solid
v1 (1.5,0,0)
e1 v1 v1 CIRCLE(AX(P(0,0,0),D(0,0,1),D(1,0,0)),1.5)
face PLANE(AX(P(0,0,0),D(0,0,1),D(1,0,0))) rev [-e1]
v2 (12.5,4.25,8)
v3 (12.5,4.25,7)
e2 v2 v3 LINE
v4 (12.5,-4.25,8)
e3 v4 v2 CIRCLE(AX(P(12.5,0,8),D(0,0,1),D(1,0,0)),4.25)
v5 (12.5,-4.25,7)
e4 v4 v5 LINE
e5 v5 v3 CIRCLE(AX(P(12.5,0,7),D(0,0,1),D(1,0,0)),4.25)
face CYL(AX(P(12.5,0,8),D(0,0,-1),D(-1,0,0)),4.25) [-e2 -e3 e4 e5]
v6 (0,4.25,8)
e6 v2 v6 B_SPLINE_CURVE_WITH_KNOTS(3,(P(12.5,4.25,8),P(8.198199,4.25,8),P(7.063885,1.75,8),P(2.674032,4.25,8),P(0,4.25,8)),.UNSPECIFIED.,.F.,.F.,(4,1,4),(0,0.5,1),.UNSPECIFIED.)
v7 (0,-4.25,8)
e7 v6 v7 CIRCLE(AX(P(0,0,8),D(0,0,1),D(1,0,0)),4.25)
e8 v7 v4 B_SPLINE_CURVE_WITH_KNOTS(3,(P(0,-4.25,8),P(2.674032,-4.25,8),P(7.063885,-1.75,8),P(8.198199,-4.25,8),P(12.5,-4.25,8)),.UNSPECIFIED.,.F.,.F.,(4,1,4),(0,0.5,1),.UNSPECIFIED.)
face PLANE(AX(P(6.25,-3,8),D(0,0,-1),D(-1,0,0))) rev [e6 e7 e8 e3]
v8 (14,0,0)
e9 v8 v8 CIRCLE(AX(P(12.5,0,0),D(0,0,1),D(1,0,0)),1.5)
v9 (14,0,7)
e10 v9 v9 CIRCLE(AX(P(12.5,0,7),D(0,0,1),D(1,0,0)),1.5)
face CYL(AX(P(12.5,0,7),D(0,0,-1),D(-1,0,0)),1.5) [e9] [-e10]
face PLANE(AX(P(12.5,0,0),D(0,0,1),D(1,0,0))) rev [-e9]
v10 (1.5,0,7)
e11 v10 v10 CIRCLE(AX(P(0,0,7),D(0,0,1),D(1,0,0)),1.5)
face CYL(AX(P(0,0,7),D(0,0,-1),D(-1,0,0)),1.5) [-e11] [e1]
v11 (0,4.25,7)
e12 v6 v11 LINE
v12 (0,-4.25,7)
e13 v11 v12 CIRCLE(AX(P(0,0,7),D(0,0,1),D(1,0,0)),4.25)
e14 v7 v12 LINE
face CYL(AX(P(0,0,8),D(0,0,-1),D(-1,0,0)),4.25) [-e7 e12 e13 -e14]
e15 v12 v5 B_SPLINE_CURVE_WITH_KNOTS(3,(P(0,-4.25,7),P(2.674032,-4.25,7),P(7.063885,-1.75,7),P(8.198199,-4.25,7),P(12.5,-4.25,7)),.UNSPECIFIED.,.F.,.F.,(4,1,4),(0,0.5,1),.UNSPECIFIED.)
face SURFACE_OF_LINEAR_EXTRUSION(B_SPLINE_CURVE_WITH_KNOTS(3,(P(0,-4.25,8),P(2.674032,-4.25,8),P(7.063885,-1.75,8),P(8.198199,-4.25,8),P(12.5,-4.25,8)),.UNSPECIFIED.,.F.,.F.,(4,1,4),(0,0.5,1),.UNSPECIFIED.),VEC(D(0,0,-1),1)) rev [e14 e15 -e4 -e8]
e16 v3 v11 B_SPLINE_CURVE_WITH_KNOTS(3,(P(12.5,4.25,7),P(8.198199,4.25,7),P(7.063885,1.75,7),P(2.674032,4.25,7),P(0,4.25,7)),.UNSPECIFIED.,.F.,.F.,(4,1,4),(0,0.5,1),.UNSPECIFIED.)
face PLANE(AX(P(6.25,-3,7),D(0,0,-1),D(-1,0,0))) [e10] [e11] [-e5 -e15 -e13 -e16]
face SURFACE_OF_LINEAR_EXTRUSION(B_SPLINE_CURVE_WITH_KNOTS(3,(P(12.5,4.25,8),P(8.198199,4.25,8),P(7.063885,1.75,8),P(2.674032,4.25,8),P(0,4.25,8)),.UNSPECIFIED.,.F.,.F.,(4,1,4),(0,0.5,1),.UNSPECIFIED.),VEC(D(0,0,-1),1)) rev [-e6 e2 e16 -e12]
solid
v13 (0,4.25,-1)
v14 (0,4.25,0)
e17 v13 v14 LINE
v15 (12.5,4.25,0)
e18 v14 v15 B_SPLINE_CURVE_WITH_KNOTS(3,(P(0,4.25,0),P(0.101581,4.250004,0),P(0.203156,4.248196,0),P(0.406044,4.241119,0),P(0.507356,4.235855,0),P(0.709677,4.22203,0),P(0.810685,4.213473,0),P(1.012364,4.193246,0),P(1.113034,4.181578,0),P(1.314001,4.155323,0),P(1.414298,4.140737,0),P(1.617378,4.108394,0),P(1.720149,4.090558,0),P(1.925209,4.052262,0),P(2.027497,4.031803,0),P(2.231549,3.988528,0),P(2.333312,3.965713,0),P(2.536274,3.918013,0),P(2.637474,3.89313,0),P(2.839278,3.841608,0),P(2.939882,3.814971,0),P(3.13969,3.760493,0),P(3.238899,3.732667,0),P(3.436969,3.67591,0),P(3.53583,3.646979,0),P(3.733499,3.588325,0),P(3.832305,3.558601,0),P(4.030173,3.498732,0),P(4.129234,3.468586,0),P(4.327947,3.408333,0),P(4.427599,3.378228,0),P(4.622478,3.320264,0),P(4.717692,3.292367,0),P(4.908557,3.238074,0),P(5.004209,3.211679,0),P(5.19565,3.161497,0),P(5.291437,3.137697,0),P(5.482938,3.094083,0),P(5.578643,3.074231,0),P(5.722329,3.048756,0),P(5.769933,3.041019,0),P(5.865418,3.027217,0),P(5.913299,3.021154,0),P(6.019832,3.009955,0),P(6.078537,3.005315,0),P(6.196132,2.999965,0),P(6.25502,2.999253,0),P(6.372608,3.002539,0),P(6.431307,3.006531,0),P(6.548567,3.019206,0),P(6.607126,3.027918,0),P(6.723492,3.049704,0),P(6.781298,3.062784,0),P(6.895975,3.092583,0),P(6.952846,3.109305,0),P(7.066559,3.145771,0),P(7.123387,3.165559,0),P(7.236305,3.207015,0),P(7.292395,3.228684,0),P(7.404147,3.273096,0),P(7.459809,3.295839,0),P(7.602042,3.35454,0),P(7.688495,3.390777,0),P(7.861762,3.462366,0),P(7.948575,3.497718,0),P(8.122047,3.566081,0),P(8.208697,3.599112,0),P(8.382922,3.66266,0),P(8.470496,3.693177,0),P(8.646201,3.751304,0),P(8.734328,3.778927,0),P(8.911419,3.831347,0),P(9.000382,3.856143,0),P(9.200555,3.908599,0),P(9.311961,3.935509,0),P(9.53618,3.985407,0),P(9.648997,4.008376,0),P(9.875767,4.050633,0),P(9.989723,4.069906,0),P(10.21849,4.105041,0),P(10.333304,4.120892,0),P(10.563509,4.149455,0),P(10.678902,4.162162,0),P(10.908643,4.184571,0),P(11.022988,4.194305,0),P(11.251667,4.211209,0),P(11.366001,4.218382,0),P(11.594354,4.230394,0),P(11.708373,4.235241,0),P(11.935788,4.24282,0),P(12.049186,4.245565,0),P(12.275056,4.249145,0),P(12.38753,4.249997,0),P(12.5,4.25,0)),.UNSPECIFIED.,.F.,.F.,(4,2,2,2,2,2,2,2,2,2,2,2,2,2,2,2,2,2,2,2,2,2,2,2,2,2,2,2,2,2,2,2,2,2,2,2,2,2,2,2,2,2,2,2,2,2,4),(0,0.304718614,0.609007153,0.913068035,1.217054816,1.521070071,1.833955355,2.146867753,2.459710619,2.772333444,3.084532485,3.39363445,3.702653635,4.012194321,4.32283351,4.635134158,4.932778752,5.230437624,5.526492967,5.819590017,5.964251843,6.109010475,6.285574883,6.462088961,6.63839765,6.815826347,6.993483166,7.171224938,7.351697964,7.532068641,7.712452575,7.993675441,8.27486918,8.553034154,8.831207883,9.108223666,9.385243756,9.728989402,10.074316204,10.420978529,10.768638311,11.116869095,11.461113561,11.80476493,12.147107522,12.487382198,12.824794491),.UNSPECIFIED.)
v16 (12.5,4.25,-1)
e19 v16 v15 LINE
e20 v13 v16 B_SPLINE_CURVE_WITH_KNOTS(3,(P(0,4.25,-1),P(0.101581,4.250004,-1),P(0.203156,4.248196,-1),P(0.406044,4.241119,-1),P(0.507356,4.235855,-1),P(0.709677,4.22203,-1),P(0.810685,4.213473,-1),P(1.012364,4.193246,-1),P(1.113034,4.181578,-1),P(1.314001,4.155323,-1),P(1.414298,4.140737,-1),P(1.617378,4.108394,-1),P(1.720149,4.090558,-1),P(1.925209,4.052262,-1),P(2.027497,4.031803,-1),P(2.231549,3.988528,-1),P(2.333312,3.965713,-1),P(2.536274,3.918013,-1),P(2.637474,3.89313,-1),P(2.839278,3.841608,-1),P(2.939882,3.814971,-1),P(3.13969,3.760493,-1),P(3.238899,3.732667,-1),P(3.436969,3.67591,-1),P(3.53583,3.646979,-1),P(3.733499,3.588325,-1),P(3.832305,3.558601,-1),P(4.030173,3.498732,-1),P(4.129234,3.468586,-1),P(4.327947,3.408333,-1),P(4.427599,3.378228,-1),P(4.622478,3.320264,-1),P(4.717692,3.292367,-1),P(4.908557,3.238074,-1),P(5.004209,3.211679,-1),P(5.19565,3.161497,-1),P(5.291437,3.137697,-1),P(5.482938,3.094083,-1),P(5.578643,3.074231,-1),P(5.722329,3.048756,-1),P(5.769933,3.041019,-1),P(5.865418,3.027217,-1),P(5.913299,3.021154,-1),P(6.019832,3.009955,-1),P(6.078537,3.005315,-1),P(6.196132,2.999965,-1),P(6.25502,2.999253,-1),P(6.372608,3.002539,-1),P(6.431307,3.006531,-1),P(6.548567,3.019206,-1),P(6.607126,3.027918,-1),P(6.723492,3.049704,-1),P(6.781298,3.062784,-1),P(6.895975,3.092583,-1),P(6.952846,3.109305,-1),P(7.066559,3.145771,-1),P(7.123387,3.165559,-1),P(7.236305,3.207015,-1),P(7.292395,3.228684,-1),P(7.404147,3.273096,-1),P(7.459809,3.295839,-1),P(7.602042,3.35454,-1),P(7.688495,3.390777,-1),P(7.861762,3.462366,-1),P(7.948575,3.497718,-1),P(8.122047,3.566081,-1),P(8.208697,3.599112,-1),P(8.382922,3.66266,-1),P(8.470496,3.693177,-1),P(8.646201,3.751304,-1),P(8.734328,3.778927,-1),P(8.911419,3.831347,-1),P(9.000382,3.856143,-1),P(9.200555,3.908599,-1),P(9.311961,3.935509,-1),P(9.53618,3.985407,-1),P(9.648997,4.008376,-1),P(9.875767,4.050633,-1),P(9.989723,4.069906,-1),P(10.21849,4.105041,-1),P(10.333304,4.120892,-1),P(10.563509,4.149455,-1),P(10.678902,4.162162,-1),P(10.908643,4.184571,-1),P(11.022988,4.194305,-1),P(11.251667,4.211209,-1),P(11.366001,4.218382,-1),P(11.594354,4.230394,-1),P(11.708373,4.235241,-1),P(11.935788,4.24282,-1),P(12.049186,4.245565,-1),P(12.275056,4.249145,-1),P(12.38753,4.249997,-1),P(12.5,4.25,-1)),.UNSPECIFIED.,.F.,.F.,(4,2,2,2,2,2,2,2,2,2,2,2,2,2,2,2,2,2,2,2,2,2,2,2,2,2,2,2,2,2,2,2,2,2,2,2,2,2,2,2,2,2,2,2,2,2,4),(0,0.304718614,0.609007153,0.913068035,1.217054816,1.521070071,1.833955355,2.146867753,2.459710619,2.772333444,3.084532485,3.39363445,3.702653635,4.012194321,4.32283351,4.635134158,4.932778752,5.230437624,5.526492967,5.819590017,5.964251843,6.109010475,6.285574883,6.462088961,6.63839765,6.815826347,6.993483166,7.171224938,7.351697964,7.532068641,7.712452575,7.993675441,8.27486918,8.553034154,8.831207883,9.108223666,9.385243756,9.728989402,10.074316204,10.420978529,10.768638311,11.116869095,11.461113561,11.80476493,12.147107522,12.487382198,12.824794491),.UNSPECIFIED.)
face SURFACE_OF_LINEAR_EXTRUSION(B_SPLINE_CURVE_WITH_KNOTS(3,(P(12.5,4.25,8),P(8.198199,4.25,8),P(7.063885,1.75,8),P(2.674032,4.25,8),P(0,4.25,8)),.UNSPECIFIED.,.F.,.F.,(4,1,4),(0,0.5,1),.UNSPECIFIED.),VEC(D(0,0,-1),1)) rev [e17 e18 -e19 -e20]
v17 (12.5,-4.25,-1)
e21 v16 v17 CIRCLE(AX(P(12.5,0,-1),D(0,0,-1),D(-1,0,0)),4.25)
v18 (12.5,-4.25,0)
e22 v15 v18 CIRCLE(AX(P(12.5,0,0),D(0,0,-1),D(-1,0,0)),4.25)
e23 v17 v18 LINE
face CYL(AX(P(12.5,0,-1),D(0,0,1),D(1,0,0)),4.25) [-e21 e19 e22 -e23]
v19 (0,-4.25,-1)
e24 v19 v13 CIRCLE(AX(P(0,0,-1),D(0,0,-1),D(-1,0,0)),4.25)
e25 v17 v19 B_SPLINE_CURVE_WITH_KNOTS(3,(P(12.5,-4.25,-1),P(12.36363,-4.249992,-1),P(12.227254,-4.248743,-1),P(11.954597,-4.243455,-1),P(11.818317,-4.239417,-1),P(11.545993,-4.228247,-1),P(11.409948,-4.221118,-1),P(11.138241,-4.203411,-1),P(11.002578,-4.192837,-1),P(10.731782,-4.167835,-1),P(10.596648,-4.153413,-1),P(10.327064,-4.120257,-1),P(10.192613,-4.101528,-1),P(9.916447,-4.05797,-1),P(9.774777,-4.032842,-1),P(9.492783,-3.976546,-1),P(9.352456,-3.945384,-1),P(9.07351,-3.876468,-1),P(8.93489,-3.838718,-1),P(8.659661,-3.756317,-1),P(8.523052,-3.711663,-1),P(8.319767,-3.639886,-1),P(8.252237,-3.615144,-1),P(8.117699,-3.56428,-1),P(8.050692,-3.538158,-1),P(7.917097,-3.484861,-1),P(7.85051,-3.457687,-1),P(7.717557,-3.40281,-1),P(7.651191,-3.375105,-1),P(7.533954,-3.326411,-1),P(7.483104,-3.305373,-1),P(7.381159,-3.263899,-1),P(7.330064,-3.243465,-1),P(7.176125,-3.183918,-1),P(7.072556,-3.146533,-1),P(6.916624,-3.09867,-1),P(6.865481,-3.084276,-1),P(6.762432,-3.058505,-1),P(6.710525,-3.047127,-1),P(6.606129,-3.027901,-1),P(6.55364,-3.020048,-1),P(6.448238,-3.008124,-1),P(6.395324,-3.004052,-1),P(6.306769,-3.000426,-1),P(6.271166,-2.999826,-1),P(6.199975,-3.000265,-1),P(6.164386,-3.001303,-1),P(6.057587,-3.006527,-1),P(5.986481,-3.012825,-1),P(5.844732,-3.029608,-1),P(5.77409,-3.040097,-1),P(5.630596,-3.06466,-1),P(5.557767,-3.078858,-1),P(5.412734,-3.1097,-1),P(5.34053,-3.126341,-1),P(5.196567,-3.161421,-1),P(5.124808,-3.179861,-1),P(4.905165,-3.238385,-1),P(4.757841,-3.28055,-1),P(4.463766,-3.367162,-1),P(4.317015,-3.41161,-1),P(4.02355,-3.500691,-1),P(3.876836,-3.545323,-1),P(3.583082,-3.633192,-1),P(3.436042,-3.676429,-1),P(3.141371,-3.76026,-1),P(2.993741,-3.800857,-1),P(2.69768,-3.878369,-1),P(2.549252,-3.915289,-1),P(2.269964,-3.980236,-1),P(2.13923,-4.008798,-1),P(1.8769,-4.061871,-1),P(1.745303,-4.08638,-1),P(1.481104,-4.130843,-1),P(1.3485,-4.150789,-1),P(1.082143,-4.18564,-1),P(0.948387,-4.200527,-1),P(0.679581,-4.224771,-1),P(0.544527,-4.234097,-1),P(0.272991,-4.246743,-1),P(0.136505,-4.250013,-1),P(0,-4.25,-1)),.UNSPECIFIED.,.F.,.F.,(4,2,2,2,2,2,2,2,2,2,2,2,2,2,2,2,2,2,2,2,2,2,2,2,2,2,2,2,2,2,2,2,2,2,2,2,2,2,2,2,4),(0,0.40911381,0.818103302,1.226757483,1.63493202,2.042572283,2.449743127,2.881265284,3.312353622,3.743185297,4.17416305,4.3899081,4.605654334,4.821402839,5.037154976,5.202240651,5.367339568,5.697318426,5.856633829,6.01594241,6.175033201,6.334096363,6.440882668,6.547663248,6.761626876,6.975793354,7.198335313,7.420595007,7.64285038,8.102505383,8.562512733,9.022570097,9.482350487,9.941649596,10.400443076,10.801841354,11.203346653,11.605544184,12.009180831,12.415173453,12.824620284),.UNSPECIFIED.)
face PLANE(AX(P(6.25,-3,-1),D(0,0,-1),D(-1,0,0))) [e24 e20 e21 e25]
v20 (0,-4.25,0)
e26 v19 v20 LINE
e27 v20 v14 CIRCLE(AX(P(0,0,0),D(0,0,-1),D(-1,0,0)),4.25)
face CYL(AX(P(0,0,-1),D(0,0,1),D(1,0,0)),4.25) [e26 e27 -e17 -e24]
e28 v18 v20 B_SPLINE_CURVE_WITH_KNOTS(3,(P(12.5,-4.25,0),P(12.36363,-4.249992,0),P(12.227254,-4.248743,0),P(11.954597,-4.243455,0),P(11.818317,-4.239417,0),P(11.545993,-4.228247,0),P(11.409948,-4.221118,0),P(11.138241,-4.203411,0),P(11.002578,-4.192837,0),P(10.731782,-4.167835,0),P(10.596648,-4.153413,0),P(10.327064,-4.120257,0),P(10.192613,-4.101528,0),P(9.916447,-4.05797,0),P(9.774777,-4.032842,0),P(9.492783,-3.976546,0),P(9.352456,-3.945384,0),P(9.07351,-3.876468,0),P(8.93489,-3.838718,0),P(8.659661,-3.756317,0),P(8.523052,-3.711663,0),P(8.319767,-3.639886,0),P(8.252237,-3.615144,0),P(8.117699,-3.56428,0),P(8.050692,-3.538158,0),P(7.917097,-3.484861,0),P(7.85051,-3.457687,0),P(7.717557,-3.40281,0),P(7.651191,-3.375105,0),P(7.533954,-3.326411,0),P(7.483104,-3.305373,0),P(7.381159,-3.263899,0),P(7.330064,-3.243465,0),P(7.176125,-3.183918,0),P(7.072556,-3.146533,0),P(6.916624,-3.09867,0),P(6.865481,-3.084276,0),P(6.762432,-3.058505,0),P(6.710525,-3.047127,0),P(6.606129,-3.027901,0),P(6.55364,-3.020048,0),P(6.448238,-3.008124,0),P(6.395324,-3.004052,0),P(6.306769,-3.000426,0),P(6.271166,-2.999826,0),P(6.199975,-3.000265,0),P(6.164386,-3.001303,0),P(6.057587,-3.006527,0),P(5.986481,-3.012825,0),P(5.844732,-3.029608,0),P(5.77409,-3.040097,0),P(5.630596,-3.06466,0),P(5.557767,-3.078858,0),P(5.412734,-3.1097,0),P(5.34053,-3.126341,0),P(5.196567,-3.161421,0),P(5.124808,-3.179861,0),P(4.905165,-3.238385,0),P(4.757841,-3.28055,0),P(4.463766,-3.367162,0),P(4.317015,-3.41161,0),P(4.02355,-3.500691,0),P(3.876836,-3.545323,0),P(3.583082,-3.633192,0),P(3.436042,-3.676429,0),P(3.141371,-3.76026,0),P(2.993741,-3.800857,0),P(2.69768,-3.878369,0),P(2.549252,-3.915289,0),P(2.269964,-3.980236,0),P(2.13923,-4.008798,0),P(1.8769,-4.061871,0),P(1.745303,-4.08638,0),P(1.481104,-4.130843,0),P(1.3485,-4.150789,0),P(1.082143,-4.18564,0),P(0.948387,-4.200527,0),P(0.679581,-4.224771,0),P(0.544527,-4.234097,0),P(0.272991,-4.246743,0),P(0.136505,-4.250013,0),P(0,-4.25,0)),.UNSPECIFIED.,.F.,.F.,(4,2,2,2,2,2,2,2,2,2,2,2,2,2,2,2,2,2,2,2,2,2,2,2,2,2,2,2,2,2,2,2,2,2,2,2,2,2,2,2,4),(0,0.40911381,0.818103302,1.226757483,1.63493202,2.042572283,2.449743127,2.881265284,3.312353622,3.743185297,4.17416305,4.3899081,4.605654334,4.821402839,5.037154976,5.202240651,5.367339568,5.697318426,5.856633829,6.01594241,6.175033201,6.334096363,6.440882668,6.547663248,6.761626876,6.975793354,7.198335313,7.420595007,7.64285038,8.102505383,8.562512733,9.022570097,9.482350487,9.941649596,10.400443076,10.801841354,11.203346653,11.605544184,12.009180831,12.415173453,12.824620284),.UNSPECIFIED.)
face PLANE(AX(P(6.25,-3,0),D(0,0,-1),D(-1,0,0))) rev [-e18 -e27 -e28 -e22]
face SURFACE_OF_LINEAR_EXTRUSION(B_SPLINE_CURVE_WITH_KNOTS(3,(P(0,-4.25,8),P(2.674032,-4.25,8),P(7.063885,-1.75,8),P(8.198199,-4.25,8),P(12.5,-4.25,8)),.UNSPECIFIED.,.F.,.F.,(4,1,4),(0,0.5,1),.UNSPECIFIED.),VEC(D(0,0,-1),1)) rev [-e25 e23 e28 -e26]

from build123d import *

# Parameters (mm, degrees)
SKETCH1_R             = 1.5
BOSS_EXTRUDE1_DEPTH   = 7
BOSS_EXTRUDE1_2_DEPTH = 7
BOSS_EXTRUDE2_DEPTH   = 1
BOSS_EXTRUDE3_DEPTH   = 1


with BuildPart() as part:
    # Sketch1 → Boss-Extrude1 (new body)
    with BuildSketch(Plane.XY):
        Circle(SKETCH1_R)
    extrude(amount=BOSS_EXTRUDE1_DEPTH)



with BuildPart() as body_2:
    # Sketch1 → Boss-Extrude1 2 (new body)
    with BuildSketch(Plane.XY):
        with Locations((12.5, 0)):
            Circle(SKETCH1_R)
    extrude(amount=BOSS_EXTRUDE1_2_DEPTH)


with BuildPart() as part_1:
    add(part.part)

    add(body_2.part)  # Boss-Extrude2 merges body 2
    # Sketch2 → Boss-Extrude2 (add)
    with BuildSketch(Plane.XY.offset(7)):
        with BuildLine():
            ThreePointArc((0, 4.25), (-4.25, 0), (0, -4.25))
            add(Edge.make_bspline(
                [(0, -4.25), (2.67403161, -4.25), (7.063884677, -1.75), (8.198199037, -4.25), (12.5, -4.25)],
                knots=[0, 0, 0, 0, 0.5, 1, 1, 1, 1], degree=3))
            ThreePointArc((12.5, -4.25), (16.75, 0), (12.5, 4.25))
            add(Edge.make_bspline(
                [(0, 4.25), (2.67403161, 4.25), (7.063884677, 1.75), (8.198199037, 4.25), (12.5, 4.25)],
                knots=[0, 0, 0, 0, 0.5, 1, 1, 1, 1], degree=3))
        make_face()
    extrude(amount=BOSS_EXTRUDE2_DEPTH)


with BuildPart() as body_2_2:
    # Sketch3 → Boss-Extrude3 (new body)
    with BuildSketch(Plane(origin=(0, 0, 0), x_dir=(-1, 0, 0), z_dir=(0, 0, -1))):
        with BuildLine():
            ThreePointArc((0, -4.25), (4.25, 0), (0, 4.25))
            add(Edge.make_bspline(
                [(-12.5, 4.25), (-8.198199037, 4.25), (-7.063884677, 1.75), (-2.67403161, 4.25), (0, 4.25)],
                knots=[0, 0, 0, 0, 0.5, 1, 1, 1, 1], degree=3))
            ThreePointArc((-12.5, 4.25), (-16.75, 0), (-12.5, -4.25))
            add(Edge.make_bspline(
                [(0, -4.25), (-2.67403161, -4.25), (-7.063884677, -1.75), (-8.198199037, -4.25), (-12.5, -4.25)],
                knots=[0, 0, 0, 0, 0.5, 1, 1, 1, 1], degree=3))
        make_face()
    extrude(amount=BOSS_EXTRUDE3_DEPTH)


solid = Compound([part_1.part, body_2_2.part])
